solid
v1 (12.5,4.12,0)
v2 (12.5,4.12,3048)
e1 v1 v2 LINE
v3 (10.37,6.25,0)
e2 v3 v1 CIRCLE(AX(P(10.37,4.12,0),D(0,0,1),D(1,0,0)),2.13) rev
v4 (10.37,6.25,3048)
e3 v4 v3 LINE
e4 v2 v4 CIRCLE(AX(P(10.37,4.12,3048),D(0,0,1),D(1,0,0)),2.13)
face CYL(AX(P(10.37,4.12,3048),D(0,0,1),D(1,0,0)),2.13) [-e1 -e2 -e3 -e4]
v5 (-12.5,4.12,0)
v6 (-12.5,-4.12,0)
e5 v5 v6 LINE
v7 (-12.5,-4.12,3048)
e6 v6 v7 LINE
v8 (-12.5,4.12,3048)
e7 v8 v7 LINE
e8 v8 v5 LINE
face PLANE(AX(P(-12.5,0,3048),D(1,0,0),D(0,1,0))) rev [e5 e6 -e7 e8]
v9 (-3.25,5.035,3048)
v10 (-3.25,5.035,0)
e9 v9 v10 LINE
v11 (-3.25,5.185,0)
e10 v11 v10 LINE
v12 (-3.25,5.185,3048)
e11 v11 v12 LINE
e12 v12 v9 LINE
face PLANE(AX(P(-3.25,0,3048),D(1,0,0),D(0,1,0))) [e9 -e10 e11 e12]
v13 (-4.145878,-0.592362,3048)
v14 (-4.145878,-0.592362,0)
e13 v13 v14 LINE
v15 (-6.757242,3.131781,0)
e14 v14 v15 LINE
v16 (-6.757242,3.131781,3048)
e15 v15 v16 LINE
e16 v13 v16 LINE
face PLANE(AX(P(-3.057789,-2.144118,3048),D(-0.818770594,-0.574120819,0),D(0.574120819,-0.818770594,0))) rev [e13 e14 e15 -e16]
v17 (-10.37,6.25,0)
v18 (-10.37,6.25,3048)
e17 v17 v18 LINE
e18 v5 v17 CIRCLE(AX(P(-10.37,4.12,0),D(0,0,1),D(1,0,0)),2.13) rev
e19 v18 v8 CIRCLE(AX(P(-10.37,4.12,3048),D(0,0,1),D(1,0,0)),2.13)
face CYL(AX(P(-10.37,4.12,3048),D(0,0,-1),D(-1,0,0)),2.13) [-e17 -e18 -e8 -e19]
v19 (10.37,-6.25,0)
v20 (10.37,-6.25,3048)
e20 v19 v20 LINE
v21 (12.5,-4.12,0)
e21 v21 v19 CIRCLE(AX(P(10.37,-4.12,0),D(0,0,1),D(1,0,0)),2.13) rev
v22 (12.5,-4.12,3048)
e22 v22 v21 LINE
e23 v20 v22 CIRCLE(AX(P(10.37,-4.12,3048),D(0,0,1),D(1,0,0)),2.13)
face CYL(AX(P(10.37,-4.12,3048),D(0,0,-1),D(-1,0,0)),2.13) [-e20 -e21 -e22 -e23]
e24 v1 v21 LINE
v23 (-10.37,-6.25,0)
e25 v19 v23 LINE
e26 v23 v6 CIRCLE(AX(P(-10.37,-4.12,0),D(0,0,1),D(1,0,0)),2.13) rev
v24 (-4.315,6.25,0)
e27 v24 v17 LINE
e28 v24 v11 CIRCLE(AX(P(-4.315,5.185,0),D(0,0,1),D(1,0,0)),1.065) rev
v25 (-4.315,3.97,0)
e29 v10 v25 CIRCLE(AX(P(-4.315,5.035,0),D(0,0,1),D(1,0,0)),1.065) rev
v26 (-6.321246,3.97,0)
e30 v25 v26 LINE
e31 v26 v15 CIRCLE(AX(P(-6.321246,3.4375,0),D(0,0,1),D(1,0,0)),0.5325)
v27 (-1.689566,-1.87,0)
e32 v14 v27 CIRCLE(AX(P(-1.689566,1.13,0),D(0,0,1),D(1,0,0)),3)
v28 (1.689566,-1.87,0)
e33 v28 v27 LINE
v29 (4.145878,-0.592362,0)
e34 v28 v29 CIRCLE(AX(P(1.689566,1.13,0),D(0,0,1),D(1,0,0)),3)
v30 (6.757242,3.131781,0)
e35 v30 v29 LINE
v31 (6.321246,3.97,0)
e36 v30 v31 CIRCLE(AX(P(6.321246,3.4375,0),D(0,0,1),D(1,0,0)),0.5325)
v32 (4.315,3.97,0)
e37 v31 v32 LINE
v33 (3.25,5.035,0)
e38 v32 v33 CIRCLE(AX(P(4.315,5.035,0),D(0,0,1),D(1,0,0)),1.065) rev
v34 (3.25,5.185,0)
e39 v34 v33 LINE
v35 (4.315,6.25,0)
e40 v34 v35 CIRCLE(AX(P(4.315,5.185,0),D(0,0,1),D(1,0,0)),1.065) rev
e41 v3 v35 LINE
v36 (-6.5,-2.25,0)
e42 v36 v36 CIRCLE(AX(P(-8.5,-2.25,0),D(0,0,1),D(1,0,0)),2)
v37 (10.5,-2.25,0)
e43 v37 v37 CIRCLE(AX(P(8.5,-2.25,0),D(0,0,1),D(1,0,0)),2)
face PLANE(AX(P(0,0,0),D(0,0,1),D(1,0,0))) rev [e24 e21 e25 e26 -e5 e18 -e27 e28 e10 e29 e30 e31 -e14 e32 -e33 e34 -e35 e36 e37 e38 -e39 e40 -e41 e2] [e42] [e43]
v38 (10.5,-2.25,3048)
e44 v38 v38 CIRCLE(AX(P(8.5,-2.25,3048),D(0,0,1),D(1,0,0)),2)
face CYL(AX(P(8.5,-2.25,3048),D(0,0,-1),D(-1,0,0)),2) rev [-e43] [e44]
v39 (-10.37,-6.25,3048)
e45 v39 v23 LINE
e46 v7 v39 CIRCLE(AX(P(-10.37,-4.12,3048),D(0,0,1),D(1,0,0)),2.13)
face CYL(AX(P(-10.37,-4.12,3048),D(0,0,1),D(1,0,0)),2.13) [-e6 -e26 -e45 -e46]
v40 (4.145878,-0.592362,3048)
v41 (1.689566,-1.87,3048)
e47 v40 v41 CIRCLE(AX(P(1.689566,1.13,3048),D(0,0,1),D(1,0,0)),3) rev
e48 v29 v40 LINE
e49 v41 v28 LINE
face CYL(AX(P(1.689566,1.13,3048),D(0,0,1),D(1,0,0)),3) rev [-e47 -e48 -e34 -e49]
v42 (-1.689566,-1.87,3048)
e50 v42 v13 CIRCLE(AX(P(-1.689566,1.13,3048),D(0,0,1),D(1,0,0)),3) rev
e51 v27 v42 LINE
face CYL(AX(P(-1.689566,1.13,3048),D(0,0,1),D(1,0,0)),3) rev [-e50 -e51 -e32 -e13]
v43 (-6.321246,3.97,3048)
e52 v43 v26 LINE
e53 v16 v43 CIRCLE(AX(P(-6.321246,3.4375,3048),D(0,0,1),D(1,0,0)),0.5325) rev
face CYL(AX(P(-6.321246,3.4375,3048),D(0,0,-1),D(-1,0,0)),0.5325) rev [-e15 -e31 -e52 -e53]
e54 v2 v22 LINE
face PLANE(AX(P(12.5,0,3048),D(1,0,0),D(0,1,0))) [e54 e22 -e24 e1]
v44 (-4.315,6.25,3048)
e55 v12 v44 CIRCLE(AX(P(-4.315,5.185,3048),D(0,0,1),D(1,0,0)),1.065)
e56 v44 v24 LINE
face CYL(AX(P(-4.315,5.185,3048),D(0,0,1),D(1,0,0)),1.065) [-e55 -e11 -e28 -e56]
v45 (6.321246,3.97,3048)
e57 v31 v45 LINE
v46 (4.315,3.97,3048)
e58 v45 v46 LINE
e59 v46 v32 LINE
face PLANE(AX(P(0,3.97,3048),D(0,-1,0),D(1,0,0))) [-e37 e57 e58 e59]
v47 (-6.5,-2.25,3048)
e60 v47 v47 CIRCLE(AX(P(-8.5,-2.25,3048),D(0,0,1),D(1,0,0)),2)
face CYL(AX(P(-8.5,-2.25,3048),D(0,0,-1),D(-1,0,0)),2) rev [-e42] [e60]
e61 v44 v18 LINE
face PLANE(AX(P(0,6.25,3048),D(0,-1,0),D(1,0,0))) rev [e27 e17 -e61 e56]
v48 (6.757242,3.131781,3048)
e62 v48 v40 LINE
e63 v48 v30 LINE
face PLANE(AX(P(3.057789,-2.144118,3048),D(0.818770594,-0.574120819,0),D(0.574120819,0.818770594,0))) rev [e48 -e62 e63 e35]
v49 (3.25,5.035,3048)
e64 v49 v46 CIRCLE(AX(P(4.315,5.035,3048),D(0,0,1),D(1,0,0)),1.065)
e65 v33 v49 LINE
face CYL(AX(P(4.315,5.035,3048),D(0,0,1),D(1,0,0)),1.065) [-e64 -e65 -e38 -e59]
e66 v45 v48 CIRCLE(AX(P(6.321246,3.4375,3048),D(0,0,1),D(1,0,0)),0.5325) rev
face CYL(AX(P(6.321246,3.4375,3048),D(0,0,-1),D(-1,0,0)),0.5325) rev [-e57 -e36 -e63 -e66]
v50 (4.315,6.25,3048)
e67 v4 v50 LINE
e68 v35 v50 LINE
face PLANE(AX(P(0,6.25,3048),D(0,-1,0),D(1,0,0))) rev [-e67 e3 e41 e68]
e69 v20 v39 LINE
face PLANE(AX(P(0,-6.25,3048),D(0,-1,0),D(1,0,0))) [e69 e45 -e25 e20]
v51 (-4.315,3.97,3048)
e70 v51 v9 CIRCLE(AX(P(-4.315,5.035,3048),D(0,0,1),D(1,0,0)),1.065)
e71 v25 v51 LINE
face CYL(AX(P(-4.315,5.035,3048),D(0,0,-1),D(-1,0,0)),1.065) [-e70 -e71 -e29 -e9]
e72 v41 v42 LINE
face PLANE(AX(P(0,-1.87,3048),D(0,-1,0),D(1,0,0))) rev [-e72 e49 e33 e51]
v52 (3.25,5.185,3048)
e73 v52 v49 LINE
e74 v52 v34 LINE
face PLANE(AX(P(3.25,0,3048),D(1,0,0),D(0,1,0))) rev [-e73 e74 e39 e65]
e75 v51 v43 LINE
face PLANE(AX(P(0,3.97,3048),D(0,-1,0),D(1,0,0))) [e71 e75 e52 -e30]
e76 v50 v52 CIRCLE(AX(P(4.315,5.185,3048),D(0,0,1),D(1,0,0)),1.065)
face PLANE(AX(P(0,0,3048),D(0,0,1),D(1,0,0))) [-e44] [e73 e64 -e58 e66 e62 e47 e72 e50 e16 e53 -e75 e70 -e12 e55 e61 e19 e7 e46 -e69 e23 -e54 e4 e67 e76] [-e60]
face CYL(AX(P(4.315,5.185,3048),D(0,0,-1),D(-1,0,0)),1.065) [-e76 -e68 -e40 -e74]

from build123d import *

# Parameters (mm, degrees)
SKETCH1_R           = 2
BOSS_EXTRUDE2_DEPTH = 3048
FILLET1_R           = 1.065
FILLET4_R           = 2.13
FILLET5_R           = 2.13
FILLET8_R           = 0.5325
FILLET11_R          = 0.5325
FILLET15_R          = 3
FILLET16_R          = 3


with BuildPart() as part:
    # Sketch1 → Boss-Extrude2 (new body)
    with BuildSketch(Plane.XY):
        Polygon((7.345, 3.97), (3.25, -1.87), (-3.25, -1.87), (-7.345, 3.97), (-3.25, 3.97), (-3.25, 6.25), (-12.5, 6.25), (-12.5, -6.25), (12.5, -6.25), (12.5, 6.25), (3.25, 6.25), (3.25, 3.97), align=None)
        with Locations((-8.5, -2.25)):
            Circle(SKETCH1_R, mode=Mode.SUBTRACT)
        with Locations((8.5, -2.25)):
            Circle(SKETCH1_R, mode=Mode.SUBTRACT)
    extrude(amount=BOSS_EXTRUDE2_DEPTH)

    # Fillet1
    fillet1_edges = [part.edges().sort_by_distance(p)[0] for p in [
        (3.25, 3.97, 1524),
        (3.25, 6.25, 1524),
        (-3.25, 6.25, 1524),
        (-3.25, 3.97, 1524),
    ]]
    fillet(fillet1_edges, radius=FILLET1_R)

    # Fillet4
    fillet4_edges = [part.edges().sort_by_distance(p)[0] for p in [
        (12.5, 6.25, 1524),
    ]]
    fillet(fillet4_edges, radius=FILLET4_R)

    # Fillet5
    fillet5_edges = [part.edges().sort_by_distance(p)[0] for p in [
        (12.5, -6.25, 1524),
        (-12.5, -6.25, 1524),
        (-12.5, 6.25, 1524),
    ]]
    fillet(fillet5_edges, radius=FILLET5_R)

    # Fillet8
    fillet8_edges = [part.edges().sort_by_distance(p)[0] for p in [
        (7.345, 3.97, 1524),
    ]]
    fillet(fillet8_edges, radius=FILLET8_R)

    # Fillet11
    fillet11_edges = [part.edges().sort_by_distance(p)[0] for p in [
        (-7.345, 3.97, 1524),
    ]]
    fillet(fillet11_edges, radius=FILLET11_R)

    # Fillet15
    fillet15_edges = [part.edges().sort_by_distance(p)[0] for p in [
        (-3.25, -1.87, 1524),
    ]]
    fillet(fillet15_edges, radius=FILLET15_R)

    # Fillet16
    fillet16_edges = [part.edges().sort_by_distance(p)[0] for p in [
        (3.25, -1.87, 1524),
    ]]
    fillet(fillet16_edges, radius=FILLET16_R)


solid = part.part
